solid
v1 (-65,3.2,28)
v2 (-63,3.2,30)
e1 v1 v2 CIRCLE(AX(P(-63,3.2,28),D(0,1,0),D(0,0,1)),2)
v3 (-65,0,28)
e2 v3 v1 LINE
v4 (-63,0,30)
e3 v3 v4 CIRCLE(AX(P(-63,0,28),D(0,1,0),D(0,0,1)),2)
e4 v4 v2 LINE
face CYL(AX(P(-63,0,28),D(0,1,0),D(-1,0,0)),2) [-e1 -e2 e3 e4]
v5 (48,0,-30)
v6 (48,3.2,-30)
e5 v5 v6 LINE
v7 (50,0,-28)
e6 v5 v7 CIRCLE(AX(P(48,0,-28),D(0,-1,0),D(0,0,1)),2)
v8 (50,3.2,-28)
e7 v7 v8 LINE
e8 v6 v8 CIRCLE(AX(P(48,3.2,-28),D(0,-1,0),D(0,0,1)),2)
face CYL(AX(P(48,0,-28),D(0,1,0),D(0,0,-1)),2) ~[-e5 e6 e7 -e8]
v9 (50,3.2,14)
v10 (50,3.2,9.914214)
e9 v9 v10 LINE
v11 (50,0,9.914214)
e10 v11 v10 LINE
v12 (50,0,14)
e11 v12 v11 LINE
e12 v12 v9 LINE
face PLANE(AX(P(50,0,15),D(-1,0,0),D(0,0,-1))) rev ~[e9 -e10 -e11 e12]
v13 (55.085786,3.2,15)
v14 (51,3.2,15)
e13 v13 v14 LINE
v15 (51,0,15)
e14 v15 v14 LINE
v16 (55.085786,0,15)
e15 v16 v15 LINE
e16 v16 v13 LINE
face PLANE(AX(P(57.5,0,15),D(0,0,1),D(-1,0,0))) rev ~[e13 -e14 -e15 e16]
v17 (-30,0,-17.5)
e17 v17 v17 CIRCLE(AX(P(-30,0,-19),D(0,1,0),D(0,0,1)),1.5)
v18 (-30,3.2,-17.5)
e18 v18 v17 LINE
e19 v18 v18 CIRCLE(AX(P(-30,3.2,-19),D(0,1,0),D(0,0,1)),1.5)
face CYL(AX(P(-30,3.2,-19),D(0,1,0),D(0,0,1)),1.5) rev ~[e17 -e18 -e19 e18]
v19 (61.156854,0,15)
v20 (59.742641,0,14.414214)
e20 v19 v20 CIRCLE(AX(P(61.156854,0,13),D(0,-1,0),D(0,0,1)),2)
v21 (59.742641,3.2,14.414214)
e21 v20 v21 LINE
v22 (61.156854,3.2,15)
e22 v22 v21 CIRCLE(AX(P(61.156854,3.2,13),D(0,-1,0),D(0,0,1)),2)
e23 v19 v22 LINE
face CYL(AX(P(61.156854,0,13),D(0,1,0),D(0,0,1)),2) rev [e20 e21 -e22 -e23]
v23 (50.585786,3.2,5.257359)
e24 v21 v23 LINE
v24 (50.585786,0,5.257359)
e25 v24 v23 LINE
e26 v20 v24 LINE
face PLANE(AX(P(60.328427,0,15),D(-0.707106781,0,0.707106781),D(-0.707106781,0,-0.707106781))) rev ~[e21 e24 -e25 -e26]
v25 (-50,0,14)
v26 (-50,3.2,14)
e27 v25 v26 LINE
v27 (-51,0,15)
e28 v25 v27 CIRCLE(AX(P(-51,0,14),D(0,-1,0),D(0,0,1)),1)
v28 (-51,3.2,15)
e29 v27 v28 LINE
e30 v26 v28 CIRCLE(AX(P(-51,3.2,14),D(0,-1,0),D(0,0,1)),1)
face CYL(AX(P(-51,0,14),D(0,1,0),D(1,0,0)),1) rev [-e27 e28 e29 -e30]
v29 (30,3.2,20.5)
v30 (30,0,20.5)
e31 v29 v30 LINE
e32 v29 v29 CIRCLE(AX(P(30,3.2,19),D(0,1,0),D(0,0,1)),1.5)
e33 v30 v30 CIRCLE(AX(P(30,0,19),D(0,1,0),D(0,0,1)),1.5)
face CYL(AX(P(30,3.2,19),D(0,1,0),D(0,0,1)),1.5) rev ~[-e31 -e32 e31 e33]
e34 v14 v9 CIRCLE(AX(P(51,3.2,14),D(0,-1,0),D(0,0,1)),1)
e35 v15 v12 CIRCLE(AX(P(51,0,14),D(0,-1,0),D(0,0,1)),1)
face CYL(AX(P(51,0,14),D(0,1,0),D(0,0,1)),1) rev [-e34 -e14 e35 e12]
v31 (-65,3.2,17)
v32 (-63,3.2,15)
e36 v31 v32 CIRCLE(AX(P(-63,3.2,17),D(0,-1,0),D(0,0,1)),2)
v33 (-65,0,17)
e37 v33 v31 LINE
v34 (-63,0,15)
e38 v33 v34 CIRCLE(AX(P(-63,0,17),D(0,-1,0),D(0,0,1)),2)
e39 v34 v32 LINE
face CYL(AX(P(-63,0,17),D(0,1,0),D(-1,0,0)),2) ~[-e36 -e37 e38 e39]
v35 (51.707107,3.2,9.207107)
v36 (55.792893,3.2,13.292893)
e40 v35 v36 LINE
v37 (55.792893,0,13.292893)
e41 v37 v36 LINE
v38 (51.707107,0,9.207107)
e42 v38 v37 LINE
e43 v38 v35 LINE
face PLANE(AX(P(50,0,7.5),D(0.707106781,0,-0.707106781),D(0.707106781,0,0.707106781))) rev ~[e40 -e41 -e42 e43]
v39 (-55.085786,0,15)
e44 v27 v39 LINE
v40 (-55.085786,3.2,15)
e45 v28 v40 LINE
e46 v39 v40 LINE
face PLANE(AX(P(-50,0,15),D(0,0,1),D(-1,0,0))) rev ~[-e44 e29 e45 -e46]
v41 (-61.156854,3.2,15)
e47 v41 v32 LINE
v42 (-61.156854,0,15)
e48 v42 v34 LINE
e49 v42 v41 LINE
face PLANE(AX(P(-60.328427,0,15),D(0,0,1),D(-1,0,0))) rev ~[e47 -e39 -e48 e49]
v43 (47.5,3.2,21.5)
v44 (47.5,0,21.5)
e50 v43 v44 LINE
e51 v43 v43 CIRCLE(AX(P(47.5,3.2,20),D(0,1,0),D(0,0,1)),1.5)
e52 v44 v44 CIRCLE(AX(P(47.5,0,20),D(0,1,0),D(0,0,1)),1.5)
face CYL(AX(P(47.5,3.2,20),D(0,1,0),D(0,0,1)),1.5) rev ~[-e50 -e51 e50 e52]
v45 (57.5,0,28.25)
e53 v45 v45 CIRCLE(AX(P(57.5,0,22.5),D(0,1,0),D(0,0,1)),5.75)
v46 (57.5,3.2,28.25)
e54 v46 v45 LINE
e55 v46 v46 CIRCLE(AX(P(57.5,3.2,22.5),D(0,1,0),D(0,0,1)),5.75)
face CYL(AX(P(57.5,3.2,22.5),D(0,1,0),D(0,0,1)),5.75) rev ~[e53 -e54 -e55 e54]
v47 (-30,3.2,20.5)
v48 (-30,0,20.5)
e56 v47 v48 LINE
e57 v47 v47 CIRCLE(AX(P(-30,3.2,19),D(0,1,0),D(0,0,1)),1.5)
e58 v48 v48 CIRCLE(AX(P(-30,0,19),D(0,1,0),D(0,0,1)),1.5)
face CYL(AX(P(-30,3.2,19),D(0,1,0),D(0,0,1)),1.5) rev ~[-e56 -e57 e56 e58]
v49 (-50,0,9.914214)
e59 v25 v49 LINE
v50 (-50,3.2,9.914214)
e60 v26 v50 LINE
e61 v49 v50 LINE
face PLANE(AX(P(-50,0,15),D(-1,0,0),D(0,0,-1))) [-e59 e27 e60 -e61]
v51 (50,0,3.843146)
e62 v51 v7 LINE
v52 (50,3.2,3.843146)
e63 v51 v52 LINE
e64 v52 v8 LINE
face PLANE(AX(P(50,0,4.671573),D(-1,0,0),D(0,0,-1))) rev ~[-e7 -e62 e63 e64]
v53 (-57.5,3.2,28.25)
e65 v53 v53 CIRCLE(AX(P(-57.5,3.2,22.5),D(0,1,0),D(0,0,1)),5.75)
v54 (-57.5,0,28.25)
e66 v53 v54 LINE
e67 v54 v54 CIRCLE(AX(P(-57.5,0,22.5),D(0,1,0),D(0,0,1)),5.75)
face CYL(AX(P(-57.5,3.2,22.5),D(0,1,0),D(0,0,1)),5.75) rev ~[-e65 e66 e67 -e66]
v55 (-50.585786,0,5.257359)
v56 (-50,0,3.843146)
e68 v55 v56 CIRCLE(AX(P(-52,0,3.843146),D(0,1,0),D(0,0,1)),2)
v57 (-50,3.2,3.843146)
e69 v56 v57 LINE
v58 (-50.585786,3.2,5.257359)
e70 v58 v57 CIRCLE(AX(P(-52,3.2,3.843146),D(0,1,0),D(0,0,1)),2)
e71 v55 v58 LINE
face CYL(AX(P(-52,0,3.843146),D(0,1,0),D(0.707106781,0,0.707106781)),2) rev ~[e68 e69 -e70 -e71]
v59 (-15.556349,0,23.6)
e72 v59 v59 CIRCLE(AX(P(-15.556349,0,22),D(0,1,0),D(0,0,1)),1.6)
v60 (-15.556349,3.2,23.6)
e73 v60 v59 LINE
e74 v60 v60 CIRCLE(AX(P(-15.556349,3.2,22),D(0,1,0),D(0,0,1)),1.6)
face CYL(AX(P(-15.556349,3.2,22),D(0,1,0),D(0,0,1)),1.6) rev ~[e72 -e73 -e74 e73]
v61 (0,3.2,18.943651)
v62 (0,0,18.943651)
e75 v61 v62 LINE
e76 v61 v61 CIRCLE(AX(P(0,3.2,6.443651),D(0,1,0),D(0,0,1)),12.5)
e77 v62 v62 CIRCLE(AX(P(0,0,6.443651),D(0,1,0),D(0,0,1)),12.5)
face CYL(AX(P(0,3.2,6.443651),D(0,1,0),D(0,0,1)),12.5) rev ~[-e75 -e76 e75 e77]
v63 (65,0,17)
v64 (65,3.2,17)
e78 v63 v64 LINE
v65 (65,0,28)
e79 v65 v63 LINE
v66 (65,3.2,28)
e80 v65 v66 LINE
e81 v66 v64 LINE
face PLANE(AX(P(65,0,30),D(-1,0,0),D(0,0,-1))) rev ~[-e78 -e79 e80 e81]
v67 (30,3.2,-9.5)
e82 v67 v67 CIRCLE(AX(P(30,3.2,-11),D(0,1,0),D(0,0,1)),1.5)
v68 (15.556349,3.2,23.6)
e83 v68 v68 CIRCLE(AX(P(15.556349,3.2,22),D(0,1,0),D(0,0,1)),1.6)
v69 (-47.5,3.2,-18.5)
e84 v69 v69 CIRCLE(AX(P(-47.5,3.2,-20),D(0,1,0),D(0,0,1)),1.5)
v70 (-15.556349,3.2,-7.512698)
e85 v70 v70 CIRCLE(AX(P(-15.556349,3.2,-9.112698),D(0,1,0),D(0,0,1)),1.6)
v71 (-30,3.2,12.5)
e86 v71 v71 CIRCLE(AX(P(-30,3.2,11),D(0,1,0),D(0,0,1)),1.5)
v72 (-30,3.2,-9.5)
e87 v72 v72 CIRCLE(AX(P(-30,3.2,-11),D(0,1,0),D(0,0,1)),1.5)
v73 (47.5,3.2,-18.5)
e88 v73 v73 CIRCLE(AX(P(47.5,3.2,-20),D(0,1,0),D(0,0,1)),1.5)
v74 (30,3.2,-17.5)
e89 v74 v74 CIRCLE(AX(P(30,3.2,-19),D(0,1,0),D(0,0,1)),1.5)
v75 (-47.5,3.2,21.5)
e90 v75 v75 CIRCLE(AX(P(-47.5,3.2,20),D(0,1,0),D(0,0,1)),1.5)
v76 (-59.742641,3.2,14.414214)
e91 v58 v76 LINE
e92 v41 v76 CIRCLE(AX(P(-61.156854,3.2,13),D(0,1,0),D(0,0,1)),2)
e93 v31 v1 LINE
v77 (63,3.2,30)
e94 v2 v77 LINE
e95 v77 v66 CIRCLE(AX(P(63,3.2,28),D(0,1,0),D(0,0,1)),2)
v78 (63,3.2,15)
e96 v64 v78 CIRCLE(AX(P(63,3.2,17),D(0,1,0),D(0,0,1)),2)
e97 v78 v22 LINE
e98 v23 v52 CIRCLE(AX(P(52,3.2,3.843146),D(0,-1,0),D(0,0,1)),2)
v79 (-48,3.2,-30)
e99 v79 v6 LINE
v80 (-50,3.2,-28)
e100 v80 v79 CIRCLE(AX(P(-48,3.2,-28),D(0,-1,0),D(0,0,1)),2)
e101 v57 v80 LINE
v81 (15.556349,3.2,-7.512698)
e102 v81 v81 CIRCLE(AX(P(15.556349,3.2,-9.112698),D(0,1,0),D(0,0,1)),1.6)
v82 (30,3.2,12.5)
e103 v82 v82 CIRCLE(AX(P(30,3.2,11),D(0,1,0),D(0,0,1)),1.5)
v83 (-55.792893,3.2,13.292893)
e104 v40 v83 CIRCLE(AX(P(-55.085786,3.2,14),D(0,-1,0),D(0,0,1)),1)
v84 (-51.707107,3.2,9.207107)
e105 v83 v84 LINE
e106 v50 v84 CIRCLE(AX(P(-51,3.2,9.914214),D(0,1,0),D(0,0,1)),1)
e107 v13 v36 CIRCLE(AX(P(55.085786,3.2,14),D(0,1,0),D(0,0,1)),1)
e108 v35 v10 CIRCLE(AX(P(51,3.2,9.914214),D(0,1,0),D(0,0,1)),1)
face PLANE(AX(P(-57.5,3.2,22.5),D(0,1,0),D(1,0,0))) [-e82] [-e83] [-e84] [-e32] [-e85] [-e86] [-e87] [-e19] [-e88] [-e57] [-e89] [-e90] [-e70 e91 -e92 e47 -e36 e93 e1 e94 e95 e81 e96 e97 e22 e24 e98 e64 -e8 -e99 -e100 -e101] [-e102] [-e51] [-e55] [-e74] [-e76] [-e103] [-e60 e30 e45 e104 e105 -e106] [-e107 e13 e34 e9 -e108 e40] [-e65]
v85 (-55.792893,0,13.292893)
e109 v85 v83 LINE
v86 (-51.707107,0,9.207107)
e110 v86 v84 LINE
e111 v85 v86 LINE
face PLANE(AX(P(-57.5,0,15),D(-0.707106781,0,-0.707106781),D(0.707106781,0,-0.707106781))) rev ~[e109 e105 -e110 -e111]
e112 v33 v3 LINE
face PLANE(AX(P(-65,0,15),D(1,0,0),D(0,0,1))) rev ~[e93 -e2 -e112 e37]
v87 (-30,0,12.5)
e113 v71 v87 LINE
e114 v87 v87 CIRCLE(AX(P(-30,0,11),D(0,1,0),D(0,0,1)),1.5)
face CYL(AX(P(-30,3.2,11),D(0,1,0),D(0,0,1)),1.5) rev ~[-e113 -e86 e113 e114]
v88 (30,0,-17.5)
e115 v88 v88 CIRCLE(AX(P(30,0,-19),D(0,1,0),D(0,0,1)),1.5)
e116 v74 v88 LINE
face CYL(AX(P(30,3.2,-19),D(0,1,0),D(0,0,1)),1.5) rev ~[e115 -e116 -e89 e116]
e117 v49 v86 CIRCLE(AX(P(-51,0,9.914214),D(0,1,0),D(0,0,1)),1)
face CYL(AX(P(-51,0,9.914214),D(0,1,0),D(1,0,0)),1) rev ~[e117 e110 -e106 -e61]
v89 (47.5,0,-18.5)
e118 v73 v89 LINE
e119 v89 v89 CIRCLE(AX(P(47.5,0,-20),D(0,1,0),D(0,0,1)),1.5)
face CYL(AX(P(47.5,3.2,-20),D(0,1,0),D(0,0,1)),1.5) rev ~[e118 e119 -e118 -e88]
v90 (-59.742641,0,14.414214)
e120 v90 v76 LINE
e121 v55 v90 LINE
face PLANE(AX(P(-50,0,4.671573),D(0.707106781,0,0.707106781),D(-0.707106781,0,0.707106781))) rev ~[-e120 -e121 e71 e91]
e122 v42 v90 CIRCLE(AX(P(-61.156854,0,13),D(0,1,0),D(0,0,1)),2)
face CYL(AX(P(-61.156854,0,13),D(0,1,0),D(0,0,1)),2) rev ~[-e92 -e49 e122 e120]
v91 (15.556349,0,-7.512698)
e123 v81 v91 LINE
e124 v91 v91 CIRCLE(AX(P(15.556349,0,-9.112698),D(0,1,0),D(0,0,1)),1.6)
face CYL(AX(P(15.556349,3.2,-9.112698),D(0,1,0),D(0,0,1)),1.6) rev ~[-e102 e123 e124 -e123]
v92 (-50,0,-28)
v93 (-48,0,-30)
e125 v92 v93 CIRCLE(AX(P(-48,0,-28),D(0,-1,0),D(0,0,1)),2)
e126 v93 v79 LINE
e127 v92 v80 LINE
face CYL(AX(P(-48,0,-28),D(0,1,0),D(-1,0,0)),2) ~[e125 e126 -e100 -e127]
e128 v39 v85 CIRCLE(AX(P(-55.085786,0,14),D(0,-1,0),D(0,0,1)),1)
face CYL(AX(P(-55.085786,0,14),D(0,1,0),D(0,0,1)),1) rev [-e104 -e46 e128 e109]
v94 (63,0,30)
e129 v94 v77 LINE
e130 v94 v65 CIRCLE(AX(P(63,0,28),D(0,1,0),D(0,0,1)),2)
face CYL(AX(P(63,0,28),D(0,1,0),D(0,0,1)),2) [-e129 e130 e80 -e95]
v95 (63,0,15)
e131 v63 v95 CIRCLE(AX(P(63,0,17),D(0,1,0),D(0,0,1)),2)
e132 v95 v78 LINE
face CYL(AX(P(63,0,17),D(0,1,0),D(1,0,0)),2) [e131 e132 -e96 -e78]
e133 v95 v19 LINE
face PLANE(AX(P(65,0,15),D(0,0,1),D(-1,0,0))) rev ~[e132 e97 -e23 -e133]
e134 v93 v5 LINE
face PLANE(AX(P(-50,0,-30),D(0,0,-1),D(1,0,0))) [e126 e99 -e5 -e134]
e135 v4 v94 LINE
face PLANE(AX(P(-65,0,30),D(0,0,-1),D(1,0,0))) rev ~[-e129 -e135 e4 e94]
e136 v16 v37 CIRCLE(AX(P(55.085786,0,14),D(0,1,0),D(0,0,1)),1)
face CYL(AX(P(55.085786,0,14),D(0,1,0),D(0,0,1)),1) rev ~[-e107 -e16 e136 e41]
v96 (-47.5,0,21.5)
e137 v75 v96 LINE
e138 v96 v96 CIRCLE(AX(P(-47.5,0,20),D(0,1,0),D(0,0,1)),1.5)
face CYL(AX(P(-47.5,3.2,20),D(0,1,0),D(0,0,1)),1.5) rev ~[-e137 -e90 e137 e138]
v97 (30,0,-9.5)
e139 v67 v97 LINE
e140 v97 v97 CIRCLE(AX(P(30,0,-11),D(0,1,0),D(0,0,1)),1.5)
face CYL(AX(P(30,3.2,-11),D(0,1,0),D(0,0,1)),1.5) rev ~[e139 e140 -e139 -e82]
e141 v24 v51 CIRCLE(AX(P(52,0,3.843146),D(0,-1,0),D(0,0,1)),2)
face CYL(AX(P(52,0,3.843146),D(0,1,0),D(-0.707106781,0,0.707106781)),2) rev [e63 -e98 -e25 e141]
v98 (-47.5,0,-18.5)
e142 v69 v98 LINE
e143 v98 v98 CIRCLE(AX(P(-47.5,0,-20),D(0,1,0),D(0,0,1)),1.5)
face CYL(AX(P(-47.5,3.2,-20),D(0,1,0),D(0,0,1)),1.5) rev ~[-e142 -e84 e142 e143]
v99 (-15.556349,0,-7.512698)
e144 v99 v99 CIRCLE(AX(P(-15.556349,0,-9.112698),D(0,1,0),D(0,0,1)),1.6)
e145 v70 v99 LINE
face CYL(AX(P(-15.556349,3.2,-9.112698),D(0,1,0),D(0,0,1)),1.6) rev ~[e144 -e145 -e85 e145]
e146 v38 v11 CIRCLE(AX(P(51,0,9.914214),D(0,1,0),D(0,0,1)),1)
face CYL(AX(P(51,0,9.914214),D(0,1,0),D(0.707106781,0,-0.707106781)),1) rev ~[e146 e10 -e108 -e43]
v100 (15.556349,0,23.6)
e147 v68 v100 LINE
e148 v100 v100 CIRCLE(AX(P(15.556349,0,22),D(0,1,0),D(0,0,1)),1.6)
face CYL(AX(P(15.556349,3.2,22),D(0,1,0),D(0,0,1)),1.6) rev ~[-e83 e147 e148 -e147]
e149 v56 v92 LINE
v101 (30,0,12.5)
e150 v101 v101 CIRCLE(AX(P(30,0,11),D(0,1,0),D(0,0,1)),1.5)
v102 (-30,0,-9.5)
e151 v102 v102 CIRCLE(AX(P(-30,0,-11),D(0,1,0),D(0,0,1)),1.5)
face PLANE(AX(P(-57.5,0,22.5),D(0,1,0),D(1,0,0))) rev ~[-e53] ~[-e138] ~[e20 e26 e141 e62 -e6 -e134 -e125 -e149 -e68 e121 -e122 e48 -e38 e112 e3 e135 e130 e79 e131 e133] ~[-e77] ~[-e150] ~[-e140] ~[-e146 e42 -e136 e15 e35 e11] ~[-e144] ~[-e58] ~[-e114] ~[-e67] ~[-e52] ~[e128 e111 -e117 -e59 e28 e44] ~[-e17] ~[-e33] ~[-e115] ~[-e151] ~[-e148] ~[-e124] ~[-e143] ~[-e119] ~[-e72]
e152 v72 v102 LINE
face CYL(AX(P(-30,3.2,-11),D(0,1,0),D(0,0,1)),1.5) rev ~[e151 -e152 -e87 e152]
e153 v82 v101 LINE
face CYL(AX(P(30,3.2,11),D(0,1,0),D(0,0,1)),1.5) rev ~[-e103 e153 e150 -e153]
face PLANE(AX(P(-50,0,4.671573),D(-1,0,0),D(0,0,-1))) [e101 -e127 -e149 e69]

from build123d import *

# Parameters (mm, degrees)
SKETCH_1_W          = 100
SKETCH_1_H          = 60
EXTRUDE_1_DEPTH     = 3.2
SKETCH_2_R          = 12.5
SKETCH_2_R_2        = 1.6
SKETCH_2_R_3        = 1.5
SKETCH_2_R_4        = 5.75
CUT_EXTRUDE_1_DEPTH = 3.2
FILLET_1_R          = 2
FILLET_2_R          = 1


with BuildPart() as part:
    # 草图1 → 凸台-拉伸1 (new body)
    with BuildSketch(Plane(origin=(0, 0, 0), x_dir=(1, 0, 0), z_dir=(0, 1, 0))):
        Polygon((-57.5, -15), (-60.328427125, -15), (-65, -15), (-65, -30), (-50, -30), (-50, -15), align=None)
        Rectangle(SKETCH_1_W, SKETCH_1_H)
        Polygon((-50, -7.5), (-50, -4.671572875), (-60.328427125, -15), (-57.5, -15), align=None)
        Polygon((65, -15), (60.328427125, -15), (57.5, -15), (50, -15), (50, -30), (65, -30), align=None)
        Polygon((60.328427125, -15), (50, -4.671572875), (50, -7.5), (57.5, -15), align=None)
    extrude(amount=EXTRUDE_1_DEPTH)

    # 草图2 → 切除-拉伸1 (cut)
    with BuildSketch(Plane(origin=(0, 3.2, 0), x_dir=(1, 0, 0), z_dir=(0, 1, 0))):
        with Locations(Location((0, -6.443650814, 0), (0, 0, 270))):
            Circle(SKETCH_2_R)
        with Locations(Location((15.556349186, -22, 0), (0, 0, 270))):
            Circle(SKETCH_2_R_2)
        with Locations(Location((15.556349186, 9.112698372, 0), (0, 0, 270))):
            Circle(SKETCH_2_R_2)
        with Locations(Location((-15.556349186, 9.112698372, 0), (0, 0, 270))):
            Circle(SKETCH_2_R_2)
        with Locations(Location((-15.556349186, -22, 0), (0, 0, 270))):
            Circle(SKETCH_2_R_2)
        with Locations(Location((-47.5, 20, 0), (0, 0, 270))):
            Circle(SKETCH_2_R_3)
        with Locations(Location((-47.5, -20, 0), (0, 0, 270))):
            Circle(SKETCH_2_R_3)
        with Locations(Location((47.5, -20, 0), (0, 0, 270))):
            Circle(SKETCH_2_R_3)
        with Locations(Location((47.5, 20, 0), (0, 0, 270))):
            Circle(SKETCH_2_R_3)
        with Locations(Location((-57.5, -22.5, 0), (0, 0, 270))):
            Circle(SKETCH_2_R_4)
        with Locations(Location((57.5, -22.5, 0), (0, 0, 270))):
            Circle(SKETCH_2_R_4)
        with Locations(Location((30, 19, 0), (0, 0, 270))):
            Circle(SKETCH_2_R_3)
        with Locations(Location((30, 11, 0), (0, 0, 270))):
            Circle(SKETCH_2_R_3)
        with Locations(Location((-30, 11, 0), (0, 0, 270))):
            Circle(SKETCH_2_R_3)
        with Locations(Location((-30, 19, 0), (0, 0, 270))):
            Circle(SKETCH_2_R_3)
        with Locations(Location((30, -11, 0), (0, 0, 270))):
            Circle(SKETCH_2_R_3)
        with Locations(Location((30, -19, 0), (0, 0, 270))):
            Circle(SKETCH_2_R_3)
        with Locations(Location((-30, -19, 0), (0, 0, 270))):
            Circle(SKETCH_2_R_3)
        with Locations(Location((-30, -11, 0), (0, 0, 270))):
            Circle(SKETCH_2_R_3)
    extrude(amount=-CUT_EXTRUDE_1_DEPTH, mode=Mode.SUBTRACT)

    # 圆角1
    fillet_1_edges = [part.edges().sort_by_distance(p)[0] for p in [
        (-60.328427125, 1.6, 15),
        (-50, 1.6, 4.671572875),
        (-50, 1.6, -30),
        (50, 1.6, -30),
        (50, 1.6, 4.671572875),
        (60.328427125, 1.6, 15),
        (65, 1.6, 15),
        (65, 1.6, 30),
        (-65, 1.6, 30),
        (-65, 1.6, 15),
    ]]
    fillet(fillet_1_edges, radius=FILLET_1_R)

    # 圆角2
    fillet_2_edges = [part.edges().sort_by_distance(p)[0] for p in [
        (-57.5, 1.6, 15),
        (-50, 1.6, 15),
        (-50, 1.6, 7.5),
        (50, 1.6, 7.5),
        (50, 1.6, 15),
        (57.5, 1.6, 15),
    ]]
    fillet(fillet_2_edges, radius=FILLET_2_R)


solid = part.part
